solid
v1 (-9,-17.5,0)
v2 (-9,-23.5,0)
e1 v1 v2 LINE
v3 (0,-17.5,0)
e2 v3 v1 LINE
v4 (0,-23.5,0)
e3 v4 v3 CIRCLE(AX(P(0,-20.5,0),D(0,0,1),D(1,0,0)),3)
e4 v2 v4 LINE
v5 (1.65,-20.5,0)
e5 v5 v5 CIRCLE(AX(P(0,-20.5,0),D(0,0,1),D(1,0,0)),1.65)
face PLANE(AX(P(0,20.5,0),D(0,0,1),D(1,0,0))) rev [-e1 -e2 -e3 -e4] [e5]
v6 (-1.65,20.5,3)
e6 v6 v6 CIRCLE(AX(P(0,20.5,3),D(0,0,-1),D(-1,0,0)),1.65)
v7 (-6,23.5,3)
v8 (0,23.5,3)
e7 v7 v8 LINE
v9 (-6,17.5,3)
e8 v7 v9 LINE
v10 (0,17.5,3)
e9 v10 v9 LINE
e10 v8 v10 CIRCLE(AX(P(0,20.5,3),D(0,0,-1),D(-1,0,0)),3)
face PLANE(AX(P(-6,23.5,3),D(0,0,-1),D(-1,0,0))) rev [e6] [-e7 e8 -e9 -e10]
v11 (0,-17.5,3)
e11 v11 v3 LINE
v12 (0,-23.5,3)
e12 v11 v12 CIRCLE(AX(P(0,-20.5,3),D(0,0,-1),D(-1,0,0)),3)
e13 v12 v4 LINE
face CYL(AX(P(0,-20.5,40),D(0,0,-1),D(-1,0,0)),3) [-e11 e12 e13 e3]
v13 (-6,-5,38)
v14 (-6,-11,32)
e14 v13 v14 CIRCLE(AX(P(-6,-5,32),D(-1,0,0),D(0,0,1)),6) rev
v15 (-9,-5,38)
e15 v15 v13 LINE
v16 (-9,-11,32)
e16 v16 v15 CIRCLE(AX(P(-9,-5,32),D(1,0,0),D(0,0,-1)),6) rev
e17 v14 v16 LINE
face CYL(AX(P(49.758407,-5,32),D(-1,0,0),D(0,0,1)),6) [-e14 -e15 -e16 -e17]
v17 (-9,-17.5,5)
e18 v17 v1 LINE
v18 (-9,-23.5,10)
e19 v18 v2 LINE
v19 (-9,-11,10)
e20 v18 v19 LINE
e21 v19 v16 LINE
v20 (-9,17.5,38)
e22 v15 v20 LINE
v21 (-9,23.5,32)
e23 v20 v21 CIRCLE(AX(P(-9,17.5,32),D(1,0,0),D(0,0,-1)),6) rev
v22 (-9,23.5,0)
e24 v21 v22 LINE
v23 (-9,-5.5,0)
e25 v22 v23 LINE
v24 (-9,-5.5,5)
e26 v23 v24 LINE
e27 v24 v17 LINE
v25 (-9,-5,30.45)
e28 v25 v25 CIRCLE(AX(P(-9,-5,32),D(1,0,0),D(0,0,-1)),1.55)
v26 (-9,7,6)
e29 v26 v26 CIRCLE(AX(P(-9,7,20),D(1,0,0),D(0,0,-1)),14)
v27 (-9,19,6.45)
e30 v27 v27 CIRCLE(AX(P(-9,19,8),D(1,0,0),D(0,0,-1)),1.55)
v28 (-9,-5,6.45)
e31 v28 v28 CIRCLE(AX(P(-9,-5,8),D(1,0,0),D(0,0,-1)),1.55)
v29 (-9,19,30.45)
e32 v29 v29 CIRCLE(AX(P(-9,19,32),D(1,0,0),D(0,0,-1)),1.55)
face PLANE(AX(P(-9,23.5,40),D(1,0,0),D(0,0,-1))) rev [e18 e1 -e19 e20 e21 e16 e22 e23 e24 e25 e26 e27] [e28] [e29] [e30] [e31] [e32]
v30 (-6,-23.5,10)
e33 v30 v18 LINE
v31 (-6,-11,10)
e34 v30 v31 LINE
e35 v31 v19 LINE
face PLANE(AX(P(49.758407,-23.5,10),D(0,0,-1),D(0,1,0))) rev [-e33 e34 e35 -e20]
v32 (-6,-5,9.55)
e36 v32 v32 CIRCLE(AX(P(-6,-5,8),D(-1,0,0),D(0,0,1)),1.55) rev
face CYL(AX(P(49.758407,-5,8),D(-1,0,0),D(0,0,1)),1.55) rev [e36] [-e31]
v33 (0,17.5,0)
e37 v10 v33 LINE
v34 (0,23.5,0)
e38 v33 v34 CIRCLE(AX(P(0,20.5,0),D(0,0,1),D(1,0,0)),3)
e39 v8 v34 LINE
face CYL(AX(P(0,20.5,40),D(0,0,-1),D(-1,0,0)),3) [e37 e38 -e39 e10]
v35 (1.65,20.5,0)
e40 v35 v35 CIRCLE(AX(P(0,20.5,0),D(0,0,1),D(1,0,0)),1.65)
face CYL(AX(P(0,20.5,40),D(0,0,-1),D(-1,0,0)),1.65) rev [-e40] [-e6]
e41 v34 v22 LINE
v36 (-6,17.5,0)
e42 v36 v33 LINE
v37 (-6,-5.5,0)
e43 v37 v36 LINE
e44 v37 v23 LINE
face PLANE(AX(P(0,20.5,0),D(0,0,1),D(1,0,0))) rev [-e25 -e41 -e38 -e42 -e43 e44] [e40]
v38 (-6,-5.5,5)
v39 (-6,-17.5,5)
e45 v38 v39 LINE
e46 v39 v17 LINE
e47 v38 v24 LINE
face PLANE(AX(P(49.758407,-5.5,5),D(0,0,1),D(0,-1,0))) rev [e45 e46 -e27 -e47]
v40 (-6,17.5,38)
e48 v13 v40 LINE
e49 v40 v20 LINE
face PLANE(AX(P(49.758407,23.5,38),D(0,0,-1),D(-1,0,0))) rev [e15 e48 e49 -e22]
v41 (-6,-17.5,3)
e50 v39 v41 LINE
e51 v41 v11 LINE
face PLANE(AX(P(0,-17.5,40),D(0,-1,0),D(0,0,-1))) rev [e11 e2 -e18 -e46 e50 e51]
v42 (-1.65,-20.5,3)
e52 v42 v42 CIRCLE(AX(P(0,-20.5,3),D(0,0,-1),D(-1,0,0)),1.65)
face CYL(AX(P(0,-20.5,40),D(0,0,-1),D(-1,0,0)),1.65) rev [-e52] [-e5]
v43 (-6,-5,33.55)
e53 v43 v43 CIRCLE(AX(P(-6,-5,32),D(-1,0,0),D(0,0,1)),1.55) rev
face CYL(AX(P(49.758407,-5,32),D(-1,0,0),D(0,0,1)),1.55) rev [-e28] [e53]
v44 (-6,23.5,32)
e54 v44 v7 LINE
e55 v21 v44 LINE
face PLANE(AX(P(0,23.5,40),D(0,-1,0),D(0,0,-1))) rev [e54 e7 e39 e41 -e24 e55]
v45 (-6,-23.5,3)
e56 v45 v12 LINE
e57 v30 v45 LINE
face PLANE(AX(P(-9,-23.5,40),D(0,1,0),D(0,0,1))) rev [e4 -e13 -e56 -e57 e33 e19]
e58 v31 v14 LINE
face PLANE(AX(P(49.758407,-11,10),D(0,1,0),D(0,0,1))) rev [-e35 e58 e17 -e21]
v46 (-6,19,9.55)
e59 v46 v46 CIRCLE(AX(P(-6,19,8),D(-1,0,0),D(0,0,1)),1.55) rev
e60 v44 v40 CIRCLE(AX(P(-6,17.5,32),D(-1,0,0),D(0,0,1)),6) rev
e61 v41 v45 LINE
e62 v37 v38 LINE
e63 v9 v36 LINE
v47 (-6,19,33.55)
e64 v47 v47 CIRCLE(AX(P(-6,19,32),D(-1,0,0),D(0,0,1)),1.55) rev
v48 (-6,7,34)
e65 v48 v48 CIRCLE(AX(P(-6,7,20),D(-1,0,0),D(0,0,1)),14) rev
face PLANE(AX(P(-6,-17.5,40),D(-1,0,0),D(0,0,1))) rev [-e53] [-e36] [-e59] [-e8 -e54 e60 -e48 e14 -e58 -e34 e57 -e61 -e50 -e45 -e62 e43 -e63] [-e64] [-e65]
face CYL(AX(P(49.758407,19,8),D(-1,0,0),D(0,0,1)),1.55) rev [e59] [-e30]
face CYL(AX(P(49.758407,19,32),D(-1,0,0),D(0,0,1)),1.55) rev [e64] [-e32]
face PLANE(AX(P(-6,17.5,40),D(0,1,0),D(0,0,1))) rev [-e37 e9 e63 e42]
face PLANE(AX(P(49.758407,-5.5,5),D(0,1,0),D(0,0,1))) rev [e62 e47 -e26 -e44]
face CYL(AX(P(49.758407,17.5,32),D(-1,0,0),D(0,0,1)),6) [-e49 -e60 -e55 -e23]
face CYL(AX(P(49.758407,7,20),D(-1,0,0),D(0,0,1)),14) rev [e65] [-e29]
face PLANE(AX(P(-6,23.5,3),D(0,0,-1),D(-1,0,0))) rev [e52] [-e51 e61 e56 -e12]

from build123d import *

# Parameters (mm, degrees)
ESBO_O1_R                  = 1.65
RESSALTO_EXTRUS_O1_DEPTH   = 40
ESBO_O2_W                  = 9
ESBO_O2_H                  = 37
CORTE_EXTRUS_O1_DEPTH      = 48
ESBO_O3_R                  = 14
ESBO_O3_R_2                = 1.55
ESBO_O3_W                  = 5
ESBO_O3_H                  = 12
CORTE_EXTRUS_O2_DEPTH      = 1
CORTE_EXTRUS_O2_DEPTH_BACK = 3
FILETE1_R                  = 6


with BuildPart() as part:
    # Esboço1 → Ressalto-extrusão1 (new body)
    with BuildSketch(Plane.XY):
        with BuildLine():
            Line((0, 23.5), (-9, 23.5))
            Line((-9, 23.5), (-9, -23.5))
            Line((-9, -23.5), (0, -23.5))
            ThreePointArc((0, -23.5), (3, -20.5), (0, -17.5))
            Line((0, -17.5), (-6, -17.5))
            Line((-6, -17.5), (-6, 17.5))
            Line((-6, 17.5), (0, 17.5))
            ThreePointArc((0, 17.5), (3, 20.5), (0, 23.5))
        make_face()
        with Locations((0, 20.5)):
            Circle(ESBO_O1_R, mode=Mode.SUBTRACT)
        with Locations((0, -20.5)):
            Circle(ESBO_O1_R, mode=Mode.SUBTRACT)
    extrude(amount=RESSALTO_EXTRUS_O1_DEPTH)

    # Esboço2 → Corte-extrusão1 (cut, through all)
    with BuildSketch(Plane.XZ.offset(23.5)):
        with Locations((-1.5, 21.5)):
            Rectangle(ESBO_O2_W, ESBO_O2_H)
    extrude(amount=-CORTE_EXTRUS_O1_DEPTH, mode=Mode.SUBTRACT)

    # Esboço3 → Corte-extrusão2 (cut, two sides)
    with BuildSketch(Plane.ZY.offset(9)) as corte_extrus_o2_sk:
        with Locations((20, 7)):
            Circle(ESBO_O3_R)
        with Locations((32, 19)):
            Circle(ESBO_O3_R_2)
        with Locations((32, -5)):
            Circle(ESBO_O3_R_2)
        with Locations((8, -5)):
            Circle(ESBO_O3_R_2)
        with Locations((8, 19)):
            Circle(ESBO_O3_R_2)
        with Locations((2.5, -11.5)):
            Rectangle(ESBO_O3_W, ESBO_O3_H)
        Polygon((10, -23.5), (10, -11), (38, -11), (38, 23.5), (40, 23.5), (40, -8), (40, -23.5), align=None)
    extrude(amount=CORTE_EXTRUS_O2_DEPTH, mode=Mode.SUBTRACT)
    extrude(corte_extrus_o2_sk.sketch, amount=-CORTE_EXTRUS_O2_DEPTH_BACK, mode=Mode.SUBTRACT)

    # Filete1
    filete1_edges = [part.edges().sort_by_distance(p)[0] for p in [
        (-7.5, -11, 38),
        (-7.5, 23.5, 38),
    ]]
    fillet(filete1_edges, radius=FILETE1_R)


solid = part.part
